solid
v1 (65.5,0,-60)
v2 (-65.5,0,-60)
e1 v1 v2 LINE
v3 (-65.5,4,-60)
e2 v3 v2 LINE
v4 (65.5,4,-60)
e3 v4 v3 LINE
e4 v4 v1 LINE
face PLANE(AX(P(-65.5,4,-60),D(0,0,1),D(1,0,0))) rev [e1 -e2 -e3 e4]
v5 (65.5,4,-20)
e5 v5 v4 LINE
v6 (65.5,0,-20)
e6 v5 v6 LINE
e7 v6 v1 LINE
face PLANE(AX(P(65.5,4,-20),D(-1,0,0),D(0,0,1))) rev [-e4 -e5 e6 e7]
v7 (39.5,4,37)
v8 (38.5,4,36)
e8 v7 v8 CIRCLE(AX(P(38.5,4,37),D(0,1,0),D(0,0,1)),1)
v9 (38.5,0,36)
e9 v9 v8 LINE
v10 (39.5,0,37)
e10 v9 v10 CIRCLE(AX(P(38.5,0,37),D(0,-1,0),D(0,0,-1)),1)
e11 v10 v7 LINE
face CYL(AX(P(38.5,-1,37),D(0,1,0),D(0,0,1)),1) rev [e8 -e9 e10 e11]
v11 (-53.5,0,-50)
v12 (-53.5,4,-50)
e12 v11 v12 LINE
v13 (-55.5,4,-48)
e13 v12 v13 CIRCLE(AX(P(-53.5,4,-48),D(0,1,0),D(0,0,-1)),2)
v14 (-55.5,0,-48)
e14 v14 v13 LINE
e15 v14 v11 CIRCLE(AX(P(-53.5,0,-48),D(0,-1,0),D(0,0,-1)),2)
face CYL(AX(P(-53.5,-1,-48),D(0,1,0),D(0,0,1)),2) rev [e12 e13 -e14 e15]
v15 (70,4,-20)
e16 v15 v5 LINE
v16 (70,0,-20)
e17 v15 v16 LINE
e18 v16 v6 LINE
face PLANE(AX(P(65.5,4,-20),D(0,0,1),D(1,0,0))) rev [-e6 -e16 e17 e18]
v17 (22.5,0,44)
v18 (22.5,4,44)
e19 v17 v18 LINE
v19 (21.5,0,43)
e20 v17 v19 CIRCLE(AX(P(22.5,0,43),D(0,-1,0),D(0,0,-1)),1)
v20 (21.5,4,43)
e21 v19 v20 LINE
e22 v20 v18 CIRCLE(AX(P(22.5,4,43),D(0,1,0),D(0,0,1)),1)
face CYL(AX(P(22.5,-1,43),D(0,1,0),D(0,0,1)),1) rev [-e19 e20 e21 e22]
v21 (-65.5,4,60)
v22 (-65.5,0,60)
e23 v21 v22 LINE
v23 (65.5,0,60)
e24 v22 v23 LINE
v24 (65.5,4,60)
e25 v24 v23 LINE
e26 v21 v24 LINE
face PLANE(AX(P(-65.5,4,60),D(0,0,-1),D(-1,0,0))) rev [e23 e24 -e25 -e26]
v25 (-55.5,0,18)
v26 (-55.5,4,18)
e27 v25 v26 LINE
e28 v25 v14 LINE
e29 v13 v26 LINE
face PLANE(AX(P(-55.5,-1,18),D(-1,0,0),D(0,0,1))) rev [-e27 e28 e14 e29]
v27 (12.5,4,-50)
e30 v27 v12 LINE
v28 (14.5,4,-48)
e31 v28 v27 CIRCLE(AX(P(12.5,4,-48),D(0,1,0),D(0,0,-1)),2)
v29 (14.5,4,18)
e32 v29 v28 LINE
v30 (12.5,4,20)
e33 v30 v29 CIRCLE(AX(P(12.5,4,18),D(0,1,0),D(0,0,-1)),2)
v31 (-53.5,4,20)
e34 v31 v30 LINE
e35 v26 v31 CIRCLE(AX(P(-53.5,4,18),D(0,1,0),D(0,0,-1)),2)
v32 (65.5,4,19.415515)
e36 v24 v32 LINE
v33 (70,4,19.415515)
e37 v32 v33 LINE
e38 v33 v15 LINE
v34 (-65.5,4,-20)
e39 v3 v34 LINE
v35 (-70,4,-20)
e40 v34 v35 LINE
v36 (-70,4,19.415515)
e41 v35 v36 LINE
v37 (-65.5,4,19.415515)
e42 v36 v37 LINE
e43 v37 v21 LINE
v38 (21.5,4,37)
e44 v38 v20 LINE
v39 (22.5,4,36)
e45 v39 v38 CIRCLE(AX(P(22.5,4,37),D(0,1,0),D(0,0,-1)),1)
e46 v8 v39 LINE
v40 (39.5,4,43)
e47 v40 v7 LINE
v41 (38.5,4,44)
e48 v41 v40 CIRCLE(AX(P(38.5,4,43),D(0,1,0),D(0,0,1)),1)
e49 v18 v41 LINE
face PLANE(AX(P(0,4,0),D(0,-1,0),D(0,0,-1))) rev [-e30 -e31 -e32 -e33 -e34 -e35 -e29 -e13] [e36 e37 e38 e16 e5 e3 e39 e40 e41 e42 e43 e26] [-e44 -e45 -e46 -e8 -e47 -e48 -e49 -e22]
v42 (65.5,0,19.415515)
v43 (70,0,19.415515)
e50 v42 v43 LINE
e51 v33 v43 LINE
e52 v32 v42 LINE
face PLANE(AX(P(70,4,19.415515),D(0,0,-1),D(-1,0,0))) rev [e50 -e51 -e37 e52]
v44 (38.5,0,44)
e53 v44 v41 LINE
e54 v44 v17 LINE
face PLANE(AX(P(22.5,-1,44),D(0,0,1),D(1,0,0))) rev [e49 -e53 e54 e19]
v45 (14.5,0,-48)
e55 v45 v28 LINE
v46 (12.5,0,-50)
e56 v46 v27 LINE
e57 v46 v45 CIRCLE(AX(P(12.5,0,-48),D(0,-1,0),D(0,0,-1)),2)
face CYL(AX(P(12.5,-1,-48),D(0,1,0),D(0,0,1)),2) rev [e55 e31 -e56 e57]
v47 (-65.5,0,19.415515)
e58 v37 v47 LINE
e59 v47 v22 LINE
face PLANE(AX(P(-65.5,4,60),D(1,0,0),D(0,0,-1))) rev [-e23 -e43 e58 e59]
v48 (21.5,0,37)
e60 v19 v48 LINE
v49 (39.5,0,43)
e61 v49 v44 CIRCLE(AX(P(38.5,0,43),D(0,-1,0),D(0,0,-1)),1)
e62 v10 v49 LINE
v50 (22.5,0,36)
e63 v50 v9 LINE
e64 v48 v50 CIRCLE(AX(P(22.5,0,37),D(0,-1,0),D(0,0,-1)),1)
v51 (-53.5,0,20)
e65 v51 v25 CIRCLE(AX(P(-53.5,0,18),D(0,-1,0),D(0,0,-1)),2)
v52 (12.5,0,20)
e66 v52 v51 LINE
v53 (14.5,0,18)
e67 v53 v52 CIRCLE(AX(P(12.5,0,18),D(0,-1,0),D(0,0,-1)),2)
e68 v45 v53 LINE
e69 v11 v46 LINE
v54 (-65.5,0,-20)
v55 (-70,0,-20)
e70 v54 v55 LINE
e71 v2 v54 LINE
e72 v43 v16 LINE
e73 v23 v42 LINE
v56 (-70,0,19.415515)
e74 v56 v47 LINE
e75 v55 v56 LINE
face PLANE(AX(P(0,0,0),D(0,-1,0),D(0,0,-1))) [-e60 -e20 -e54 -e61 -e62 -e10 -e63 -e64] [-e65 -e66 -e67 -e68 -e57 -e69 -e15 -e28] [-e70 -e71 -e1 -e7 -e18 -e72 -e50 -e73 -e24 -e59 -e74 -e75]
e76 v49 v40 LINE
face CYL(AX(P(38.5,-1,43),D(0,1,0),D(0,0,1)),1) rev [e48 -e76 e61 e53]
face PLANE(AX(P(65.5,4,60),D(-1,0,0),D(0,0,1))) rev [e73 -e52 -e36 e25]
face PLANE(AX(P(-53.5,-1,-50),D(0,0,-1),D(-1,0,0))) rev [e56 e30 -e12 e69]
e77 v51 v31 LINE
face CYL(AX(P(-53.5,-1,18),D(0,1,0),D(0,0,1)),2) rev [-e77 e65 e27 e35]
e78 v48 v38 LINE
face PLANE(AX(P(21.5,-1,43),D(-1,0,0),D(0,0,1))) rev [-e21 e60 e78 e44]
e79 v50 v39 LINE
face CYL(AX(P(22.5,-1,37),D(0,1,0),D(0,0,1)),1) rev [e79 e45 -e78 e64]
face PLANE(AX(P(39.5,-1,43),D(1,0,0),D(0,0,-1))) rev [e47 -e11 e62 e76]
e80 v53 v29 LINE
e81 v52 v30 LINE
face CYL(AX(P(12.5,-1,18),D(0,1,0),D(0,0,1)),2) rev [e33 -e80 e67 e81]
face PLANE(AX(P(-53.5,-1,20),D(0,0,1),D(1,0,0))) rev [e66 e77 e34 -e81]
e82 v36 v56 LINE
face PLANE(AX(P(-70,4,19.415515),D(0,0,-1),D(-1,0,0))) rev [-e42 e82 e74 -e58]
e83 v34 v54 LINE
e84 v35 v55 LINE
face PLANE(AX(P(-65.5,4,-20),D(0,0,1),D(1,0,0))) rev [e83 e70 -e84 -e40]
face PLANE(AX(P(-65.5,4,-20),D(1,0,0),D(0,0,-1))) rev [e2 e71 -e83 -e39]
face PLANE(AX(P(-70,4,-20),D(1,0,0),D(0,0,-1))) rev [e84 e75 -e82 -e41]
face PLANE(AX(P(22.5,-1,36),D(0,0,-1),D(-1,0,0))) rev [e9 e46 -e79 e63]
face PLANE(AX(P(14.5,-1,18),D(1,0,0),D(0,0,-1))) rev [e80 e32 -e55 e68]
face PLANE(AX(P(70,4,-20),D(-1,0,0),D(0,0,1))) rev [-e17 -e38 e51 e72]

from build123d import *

# Parameters (mm, degrees)
BOSS_EXTRUDE1_DEPTH = 4
CUT_EXTRUDE1_DEPTH  = 5


with BuildPart() as part:
    # Sketch1 → Boss-Extrude1 (new body)
    with BuildSketch(Plane(origin=(0, 0, 0), x_dir=(1, 0, 0), z_dir=(0, 1, 0))):
        Polygon((-65.5, 20), (-70, 20), (-70, -19.415515436), (-65.5, -19.415515436), (-65.5, -60), (65.5, -60), (65.5, -19.415515436), (70, -19.415515436), (70, 20), (65.5, 20), (65.5, 60), (-65.5, 60), align=None)
    extrude(amount=BOSS_EXTRUDE1_DEPTH)

    # Sketch2 → Cut-Extrude1 (cut)
    with BuildSketch(Plane(origin=(0, 4, 0), x_dir=(1, 0, 0), z_dir=(0, 1, 0))):
        with BuildLine():
            Line((-53.5, -20), (12.5, -20))
            ThreePointArc((12.5, -20), (13.914213562, -19.414213562), (14.5, -18))
            Line((14.5, -18), (14.5, 48))
            ThreePointArc((14.5, 48), (13.914213562, 49.414213562), (12.5, 50))
            Line((12.5, 50), (-53.5, 50))
            ThreePointArc((-53.5, 50), (-54.914213562, 49.414213562), (-55.5, 48))
            Line((-55.5, 48), (-55.5, -18))
            ThreePointArc((-55.5, -18), (-54.914213562, -19.414213562), (-53.5, -20))
        make_face()
        with BuildLine():
            Line((22.5, -44), (38.5, -44))
            ThreePointArc((38.5, -44), (39.207106781, -43.707106781), (39.5, -43))
            Line((39.5, -43), (39.5, -37))
            ThreePointArc((39.5, -37), (39.207106781, -36.292893219), (38.5, -36))
            Line((38.5, -36), (22.5, -36))
            ThreePointArc((22.5, -36), (21.792893219, -36.292893219), (21.5, -37))
            Line((21.5, -37), (21.5, -43))
            ThreePointArc((21.5, -43), (21.792893219, -43.707106781), (22.5, -44))
        make_face()
    extrude(amount=-CUT_EXTRUDE1_DEPTH, mode=Mode.SUBTRACT)


solid = part.part
